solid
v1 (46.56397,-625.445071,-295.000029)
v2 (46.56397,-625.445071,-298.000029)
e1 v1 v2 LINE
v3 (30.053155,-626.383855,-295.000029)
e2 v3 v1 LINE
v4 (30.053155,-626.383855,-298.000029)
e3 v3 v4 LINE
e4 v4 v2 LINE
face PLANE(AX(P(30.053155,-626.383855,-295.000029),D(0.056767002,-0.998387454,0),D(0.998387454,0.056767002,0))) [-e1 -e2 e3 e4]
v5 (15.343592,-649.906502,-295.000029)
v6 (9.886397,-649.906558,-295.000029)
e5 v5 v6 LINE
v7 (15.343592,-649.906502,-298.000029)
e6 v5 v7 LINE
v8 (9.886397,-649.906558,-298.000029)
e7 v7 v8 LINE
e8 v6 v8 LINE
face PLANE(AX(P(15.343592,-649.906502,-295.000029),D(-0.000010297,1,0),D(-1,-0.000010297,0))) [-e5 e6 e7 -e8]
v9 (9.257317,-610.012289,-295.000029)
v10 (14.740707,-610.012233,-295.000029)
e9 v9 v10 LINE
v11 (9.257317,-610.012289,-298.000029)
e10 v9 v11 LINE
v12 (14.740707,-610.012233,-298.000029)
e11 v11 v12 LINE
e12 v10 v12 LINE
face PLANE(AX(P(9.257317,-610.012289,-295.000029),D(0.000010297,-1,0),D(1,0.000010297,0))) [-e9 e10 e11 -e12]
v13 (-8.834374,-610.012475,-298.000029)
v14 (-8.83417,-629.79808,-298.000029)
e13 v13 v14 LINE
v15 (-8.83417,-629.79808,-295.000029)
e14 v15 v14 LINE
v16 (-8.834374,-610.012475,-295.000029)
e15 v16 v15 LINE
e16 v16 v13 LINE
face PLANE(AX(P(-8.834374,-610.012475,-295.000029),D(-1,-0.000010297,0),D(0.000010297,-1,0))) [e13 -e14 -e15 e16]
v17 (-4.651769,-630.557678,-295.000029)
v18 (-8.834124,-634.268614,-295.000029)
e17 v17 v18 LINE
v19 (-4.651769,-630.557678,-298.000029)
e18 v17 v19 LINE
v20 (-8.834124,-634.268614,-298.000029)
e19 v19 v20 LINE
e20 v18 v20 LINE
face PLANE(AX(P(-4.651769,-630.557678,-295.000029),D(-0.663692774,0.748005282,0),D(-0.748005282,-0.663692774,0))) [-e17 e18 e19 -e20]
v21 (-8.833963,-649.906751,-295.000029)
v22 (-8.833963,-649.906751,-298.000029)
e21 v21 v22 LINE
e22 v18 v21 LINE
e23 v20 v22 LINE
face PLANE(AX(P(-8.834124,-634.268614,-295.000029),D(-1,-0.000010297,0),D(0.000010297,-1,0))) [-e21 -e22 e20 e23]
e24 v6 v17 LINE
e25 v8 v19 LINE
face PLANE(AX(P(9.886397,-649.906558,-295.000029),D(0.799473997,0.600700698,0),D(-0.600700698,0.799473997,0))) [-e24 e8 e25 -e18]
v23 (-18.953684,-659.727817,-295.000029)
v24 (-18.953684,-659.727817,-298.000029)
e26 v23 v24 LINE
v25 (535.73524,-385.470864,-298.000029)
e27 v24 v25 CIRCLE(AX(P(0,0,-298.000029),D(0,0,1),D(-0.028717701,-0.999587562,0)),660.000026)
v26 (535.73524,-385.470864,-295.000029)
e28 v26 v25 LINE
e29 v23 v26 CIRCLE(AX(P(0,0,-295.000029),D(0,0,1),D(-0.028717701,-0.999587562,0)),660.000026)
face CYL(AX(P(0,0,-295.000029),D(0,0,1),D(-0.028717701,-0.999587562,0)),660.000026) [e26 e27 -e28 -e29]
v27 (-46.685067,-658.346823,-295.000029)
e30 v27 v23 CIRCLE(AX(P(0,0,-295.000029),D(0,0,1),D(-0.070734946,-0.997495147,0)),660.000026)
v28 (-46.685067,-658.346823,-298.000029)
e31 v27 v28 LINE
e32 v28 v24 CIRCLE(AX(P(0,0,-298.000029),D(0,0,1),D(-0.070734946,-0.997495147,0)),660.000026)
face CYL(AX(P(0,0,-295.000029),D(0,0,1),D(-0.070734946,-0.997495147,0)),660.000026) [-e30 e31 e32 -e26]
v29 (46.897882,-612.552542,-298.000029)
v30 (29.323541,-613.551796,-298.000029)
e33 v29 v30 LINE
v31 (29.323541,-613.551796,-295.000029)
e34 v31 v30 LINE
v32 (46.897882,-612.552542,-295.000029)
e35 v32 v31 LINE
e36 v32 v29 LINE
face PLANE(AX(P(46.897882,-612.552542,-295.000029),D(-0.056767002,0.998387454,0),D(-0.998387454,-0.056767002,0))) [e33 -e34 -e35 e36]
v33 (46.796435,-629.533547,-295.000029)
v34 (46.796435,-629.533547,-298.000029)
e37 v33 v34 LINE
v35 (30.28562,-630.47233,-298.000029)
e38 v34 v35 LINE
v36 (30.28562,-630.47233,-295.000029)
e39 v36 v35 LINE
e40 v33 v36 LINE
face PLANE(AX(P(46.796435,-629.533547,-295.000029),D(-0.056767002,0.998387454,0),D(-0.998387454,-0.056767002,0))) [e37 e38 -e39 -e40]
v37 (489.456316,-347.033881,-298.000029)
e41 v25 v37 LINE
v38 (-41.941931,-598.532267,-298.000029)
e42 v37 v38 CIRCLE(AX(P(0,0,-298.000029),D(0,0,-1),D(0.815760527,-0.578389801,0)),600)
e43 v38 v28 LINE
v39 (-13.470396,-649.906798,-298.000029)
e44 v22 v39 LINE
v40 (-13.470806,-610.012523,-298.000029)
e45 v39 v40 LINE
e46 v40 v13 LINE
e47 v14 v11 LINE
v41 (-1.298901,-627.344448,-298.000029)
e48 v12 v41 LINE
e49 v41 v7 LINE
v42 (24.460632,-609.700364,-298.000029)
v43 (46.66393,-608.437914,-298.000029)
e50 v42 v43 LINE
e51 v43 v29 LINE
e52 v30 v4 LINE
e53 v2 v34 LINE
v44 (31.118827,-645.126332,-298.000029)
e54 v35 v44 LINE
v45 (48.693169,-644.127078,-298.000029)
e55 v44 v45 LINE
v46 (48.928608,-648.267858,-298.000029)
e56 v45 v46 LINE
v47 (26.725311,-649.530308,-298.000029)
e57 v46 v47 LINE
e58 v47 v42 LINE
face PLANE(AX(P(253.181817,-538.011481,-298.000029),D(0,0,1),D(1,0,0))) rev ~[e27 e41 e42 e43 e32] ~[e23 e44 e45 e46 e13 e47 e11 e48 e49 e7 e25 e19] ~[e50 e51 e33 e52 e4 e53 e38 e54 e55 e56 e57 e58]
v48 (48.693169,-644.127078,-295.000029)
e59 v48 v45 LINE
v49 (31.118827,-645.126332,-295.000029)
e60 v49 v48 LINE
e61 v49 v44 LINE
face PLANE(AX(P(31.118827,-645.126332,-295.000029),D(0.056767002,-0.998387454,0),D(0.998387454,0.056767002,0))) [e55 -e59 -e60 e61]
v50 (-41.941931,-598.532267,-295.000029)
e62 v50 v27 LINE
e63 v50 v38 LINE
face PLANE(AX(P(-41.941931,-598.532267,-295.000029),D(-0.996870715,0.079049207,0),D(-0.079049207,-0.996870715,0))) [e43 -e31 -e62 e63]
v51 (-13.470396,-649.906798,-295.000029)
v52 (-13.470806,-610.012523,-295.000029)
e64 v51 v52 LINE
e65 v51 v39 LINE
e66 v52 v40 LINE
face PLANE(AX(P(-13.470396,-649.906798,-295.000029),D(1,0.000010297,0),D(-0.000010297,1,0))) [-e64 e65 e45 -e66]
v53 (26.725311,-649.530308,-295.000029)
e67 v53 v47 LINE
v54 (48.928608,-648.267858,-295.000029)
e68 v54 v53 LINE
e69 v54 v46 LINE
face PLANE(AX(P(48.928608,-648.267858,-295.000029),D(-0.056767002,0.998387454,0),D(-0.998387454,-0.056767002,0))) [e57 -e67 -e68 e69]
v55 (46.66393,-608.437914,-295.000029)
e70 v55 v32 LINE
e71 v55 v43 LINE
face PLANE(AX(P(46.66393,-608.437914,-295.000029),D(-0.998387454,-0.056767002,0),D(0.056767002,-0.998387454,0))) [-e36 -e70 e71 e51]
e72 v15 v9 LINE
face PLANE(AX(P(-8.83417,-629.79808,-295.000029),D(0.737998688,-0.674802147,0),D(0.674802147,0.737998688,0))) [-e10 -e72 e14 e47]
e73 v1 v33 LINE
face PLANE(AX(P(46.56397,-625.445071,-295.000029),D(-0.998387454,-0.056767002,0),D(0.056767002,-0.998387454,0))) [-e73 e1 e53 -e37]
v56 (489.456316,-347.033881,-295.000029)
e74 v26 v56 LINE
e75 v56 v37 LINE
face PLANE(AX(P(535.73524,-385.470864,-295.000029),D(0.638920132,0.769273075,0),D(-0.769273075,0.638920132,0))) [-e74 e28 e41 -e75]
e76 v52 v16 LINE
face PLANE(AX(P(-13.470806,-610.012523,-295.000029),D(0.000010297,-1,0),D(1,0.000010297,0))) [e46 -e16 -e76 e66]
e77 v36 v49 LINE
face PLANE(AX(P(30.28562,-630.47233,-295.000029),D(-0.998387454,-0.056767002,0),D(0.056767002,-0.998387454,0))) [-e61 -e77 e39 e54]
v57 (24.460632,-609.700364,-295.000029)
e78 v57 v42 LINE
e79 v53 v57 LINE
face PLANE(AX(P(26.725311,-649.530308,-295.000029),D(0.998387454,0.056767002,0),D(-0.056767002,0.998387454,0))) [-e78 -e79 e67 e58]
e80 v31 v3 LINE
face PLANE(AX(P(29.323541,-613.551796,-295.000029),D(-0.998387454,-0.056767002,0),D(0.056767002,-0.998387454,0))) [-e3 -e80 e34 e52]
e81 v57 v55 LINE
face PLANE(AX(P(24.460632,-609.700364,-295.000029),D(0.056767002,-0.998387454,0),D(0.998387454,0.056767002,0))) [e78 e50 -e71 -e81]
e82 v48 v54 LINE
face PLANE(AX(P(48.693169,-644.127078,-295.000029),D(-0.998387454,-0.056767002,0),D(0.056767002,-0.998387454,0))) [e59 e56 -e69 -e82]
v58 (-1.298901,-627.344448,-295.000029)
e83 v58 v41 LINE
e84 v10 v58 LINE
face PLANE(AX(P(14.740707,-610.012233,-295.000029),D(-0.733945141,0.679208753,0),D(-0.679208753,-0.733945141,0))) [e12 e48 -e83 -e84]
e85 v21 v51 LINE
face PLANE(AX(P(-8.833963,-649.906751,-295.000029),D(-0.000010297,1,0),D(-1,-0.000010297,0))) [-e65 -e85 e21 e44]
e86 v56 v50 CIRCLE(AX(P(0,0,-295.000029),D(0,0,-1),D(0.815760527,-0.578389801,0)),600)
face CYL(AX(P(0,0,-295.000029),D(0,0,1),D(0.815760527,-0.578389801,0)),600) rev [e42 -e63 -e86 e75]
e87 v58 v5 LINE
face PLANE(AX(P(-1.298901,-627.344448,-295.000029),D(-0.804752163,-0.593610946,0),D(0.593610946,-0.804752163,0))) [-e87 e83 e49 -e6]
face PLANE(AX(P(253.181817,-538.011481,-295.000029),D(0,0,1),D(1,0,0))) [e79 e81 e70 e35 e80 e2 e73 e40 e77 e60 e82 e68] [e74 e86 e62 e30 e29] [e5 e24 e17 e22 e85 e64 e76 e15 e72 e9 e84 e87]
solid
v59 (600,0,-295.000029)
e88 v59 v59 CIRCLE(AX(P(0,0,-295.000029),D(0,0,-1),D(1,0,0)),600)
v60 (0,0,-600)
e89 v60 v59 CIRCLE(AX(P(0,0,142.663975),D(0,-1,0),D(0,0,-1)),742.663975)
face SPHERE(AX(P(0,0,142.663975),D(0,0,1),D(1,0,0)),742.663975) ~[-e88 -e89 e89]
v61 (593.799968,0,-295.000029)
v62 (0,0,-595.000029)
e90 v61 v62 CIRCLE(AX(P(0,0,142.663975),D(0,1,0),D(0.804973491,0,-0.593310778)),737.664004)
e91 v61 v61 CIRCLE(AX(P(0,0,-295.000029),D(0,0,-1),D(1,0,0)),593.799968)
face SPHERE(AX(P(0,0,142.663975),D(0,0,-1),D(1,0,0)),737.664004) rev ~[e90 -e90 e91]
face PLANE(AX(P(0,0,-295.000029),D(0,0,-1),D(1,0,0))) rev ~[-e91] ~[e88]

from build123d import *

# Parameters (mm, degrees)
F3_DEPTH = 3


with BuildPart() as f1:
    # F0 (on Front) → F1 (revolve)
    with BuildSketch(Plane.XZ):
        with BuildLine():
            Line((0, -595.0000286102), (0, -600))
            ThreePointArc((0, -600), (336.5356528467, -519.3734364832), (600, -295.0000286102))
            Line((600, -295.0000286102), (593.7999683855, -295.0000286102))
            ThreePointArc((593.7999683855, -295.0000286102), (332.6403472426, -515.7421167738), (0, -595.0000286102))
        make_face()
    revolve(axis=Axis((0, 0, -597.5000143051), (0, 0, -1)))


with BuildPart() as f3:
    # F2 (on face) → F3 (new body)
    with BuildSketch(Plane.XY.offset(-295.0000286102)):
        with BuildLine():
            Line((-41.9419306835, -598.5322668416), (-46.6850665396, -658.3468228681))
            ThreePointArc((-46.6850665396, -658.3468228681), (-32.8266381039, -659.1831660845), (-18.953683693, -659.7278169767))
            ThreePointArc((-18.953683693, -659.7278169767), (292.5235262963, -591.6333502952), (535.7352404056, -385.4708637575))
            Line((535.7352404056, -385.4708637575), (489.4563164324, -347.0338806289))
            ThreePointArc((489.4563164324, -347.0338806289), (256.6712701686, -542.3281839164), (-41.9419306835, -598.5322668416))
        make_face()
        Polygon((-1.2989012536, -627.3444477134), (15.343591639, -649.9065015959), (9.8863970652, -649.906557788), (-4.6517685138, -630.5576784029), (-8.8341242246, -634.2686137786), (-8.8339632006, -649.9067505492), (-13.4703957105, -649.90679829), (-13.4708064969, -610.0125230779), (-8.834373987, -610.0124753372), (-8.8341702571, -629.7980799838), (9.2573174639, -610.0122890492), (14.7407065716, -610.0122325875), align=None, mode=Mode.SUBTRACT)
        Polygon((48.6931689875, -644.1270779315), (48.9286083064, -648.2678578233), (26.7253106553, -649.530308234), (24.4606322388, -609.700364391), (46.66392989, -608.4379139803), (46.8978822236, -612.552541578), (29.3235406199, -613.5517956133), (30.0531546775, -626.3838545621), (46.5639696564, -625.4450712571), (46.7964350049, -629.5335465607), (30.285620026, -630.4723298657), (31.1188273838, -645.1263319668), align=None, mode=Mode.SUBTRACT)
    extrude(amount=-F3_DEPTH)


solid = Compound([f1.part, f3.part])
